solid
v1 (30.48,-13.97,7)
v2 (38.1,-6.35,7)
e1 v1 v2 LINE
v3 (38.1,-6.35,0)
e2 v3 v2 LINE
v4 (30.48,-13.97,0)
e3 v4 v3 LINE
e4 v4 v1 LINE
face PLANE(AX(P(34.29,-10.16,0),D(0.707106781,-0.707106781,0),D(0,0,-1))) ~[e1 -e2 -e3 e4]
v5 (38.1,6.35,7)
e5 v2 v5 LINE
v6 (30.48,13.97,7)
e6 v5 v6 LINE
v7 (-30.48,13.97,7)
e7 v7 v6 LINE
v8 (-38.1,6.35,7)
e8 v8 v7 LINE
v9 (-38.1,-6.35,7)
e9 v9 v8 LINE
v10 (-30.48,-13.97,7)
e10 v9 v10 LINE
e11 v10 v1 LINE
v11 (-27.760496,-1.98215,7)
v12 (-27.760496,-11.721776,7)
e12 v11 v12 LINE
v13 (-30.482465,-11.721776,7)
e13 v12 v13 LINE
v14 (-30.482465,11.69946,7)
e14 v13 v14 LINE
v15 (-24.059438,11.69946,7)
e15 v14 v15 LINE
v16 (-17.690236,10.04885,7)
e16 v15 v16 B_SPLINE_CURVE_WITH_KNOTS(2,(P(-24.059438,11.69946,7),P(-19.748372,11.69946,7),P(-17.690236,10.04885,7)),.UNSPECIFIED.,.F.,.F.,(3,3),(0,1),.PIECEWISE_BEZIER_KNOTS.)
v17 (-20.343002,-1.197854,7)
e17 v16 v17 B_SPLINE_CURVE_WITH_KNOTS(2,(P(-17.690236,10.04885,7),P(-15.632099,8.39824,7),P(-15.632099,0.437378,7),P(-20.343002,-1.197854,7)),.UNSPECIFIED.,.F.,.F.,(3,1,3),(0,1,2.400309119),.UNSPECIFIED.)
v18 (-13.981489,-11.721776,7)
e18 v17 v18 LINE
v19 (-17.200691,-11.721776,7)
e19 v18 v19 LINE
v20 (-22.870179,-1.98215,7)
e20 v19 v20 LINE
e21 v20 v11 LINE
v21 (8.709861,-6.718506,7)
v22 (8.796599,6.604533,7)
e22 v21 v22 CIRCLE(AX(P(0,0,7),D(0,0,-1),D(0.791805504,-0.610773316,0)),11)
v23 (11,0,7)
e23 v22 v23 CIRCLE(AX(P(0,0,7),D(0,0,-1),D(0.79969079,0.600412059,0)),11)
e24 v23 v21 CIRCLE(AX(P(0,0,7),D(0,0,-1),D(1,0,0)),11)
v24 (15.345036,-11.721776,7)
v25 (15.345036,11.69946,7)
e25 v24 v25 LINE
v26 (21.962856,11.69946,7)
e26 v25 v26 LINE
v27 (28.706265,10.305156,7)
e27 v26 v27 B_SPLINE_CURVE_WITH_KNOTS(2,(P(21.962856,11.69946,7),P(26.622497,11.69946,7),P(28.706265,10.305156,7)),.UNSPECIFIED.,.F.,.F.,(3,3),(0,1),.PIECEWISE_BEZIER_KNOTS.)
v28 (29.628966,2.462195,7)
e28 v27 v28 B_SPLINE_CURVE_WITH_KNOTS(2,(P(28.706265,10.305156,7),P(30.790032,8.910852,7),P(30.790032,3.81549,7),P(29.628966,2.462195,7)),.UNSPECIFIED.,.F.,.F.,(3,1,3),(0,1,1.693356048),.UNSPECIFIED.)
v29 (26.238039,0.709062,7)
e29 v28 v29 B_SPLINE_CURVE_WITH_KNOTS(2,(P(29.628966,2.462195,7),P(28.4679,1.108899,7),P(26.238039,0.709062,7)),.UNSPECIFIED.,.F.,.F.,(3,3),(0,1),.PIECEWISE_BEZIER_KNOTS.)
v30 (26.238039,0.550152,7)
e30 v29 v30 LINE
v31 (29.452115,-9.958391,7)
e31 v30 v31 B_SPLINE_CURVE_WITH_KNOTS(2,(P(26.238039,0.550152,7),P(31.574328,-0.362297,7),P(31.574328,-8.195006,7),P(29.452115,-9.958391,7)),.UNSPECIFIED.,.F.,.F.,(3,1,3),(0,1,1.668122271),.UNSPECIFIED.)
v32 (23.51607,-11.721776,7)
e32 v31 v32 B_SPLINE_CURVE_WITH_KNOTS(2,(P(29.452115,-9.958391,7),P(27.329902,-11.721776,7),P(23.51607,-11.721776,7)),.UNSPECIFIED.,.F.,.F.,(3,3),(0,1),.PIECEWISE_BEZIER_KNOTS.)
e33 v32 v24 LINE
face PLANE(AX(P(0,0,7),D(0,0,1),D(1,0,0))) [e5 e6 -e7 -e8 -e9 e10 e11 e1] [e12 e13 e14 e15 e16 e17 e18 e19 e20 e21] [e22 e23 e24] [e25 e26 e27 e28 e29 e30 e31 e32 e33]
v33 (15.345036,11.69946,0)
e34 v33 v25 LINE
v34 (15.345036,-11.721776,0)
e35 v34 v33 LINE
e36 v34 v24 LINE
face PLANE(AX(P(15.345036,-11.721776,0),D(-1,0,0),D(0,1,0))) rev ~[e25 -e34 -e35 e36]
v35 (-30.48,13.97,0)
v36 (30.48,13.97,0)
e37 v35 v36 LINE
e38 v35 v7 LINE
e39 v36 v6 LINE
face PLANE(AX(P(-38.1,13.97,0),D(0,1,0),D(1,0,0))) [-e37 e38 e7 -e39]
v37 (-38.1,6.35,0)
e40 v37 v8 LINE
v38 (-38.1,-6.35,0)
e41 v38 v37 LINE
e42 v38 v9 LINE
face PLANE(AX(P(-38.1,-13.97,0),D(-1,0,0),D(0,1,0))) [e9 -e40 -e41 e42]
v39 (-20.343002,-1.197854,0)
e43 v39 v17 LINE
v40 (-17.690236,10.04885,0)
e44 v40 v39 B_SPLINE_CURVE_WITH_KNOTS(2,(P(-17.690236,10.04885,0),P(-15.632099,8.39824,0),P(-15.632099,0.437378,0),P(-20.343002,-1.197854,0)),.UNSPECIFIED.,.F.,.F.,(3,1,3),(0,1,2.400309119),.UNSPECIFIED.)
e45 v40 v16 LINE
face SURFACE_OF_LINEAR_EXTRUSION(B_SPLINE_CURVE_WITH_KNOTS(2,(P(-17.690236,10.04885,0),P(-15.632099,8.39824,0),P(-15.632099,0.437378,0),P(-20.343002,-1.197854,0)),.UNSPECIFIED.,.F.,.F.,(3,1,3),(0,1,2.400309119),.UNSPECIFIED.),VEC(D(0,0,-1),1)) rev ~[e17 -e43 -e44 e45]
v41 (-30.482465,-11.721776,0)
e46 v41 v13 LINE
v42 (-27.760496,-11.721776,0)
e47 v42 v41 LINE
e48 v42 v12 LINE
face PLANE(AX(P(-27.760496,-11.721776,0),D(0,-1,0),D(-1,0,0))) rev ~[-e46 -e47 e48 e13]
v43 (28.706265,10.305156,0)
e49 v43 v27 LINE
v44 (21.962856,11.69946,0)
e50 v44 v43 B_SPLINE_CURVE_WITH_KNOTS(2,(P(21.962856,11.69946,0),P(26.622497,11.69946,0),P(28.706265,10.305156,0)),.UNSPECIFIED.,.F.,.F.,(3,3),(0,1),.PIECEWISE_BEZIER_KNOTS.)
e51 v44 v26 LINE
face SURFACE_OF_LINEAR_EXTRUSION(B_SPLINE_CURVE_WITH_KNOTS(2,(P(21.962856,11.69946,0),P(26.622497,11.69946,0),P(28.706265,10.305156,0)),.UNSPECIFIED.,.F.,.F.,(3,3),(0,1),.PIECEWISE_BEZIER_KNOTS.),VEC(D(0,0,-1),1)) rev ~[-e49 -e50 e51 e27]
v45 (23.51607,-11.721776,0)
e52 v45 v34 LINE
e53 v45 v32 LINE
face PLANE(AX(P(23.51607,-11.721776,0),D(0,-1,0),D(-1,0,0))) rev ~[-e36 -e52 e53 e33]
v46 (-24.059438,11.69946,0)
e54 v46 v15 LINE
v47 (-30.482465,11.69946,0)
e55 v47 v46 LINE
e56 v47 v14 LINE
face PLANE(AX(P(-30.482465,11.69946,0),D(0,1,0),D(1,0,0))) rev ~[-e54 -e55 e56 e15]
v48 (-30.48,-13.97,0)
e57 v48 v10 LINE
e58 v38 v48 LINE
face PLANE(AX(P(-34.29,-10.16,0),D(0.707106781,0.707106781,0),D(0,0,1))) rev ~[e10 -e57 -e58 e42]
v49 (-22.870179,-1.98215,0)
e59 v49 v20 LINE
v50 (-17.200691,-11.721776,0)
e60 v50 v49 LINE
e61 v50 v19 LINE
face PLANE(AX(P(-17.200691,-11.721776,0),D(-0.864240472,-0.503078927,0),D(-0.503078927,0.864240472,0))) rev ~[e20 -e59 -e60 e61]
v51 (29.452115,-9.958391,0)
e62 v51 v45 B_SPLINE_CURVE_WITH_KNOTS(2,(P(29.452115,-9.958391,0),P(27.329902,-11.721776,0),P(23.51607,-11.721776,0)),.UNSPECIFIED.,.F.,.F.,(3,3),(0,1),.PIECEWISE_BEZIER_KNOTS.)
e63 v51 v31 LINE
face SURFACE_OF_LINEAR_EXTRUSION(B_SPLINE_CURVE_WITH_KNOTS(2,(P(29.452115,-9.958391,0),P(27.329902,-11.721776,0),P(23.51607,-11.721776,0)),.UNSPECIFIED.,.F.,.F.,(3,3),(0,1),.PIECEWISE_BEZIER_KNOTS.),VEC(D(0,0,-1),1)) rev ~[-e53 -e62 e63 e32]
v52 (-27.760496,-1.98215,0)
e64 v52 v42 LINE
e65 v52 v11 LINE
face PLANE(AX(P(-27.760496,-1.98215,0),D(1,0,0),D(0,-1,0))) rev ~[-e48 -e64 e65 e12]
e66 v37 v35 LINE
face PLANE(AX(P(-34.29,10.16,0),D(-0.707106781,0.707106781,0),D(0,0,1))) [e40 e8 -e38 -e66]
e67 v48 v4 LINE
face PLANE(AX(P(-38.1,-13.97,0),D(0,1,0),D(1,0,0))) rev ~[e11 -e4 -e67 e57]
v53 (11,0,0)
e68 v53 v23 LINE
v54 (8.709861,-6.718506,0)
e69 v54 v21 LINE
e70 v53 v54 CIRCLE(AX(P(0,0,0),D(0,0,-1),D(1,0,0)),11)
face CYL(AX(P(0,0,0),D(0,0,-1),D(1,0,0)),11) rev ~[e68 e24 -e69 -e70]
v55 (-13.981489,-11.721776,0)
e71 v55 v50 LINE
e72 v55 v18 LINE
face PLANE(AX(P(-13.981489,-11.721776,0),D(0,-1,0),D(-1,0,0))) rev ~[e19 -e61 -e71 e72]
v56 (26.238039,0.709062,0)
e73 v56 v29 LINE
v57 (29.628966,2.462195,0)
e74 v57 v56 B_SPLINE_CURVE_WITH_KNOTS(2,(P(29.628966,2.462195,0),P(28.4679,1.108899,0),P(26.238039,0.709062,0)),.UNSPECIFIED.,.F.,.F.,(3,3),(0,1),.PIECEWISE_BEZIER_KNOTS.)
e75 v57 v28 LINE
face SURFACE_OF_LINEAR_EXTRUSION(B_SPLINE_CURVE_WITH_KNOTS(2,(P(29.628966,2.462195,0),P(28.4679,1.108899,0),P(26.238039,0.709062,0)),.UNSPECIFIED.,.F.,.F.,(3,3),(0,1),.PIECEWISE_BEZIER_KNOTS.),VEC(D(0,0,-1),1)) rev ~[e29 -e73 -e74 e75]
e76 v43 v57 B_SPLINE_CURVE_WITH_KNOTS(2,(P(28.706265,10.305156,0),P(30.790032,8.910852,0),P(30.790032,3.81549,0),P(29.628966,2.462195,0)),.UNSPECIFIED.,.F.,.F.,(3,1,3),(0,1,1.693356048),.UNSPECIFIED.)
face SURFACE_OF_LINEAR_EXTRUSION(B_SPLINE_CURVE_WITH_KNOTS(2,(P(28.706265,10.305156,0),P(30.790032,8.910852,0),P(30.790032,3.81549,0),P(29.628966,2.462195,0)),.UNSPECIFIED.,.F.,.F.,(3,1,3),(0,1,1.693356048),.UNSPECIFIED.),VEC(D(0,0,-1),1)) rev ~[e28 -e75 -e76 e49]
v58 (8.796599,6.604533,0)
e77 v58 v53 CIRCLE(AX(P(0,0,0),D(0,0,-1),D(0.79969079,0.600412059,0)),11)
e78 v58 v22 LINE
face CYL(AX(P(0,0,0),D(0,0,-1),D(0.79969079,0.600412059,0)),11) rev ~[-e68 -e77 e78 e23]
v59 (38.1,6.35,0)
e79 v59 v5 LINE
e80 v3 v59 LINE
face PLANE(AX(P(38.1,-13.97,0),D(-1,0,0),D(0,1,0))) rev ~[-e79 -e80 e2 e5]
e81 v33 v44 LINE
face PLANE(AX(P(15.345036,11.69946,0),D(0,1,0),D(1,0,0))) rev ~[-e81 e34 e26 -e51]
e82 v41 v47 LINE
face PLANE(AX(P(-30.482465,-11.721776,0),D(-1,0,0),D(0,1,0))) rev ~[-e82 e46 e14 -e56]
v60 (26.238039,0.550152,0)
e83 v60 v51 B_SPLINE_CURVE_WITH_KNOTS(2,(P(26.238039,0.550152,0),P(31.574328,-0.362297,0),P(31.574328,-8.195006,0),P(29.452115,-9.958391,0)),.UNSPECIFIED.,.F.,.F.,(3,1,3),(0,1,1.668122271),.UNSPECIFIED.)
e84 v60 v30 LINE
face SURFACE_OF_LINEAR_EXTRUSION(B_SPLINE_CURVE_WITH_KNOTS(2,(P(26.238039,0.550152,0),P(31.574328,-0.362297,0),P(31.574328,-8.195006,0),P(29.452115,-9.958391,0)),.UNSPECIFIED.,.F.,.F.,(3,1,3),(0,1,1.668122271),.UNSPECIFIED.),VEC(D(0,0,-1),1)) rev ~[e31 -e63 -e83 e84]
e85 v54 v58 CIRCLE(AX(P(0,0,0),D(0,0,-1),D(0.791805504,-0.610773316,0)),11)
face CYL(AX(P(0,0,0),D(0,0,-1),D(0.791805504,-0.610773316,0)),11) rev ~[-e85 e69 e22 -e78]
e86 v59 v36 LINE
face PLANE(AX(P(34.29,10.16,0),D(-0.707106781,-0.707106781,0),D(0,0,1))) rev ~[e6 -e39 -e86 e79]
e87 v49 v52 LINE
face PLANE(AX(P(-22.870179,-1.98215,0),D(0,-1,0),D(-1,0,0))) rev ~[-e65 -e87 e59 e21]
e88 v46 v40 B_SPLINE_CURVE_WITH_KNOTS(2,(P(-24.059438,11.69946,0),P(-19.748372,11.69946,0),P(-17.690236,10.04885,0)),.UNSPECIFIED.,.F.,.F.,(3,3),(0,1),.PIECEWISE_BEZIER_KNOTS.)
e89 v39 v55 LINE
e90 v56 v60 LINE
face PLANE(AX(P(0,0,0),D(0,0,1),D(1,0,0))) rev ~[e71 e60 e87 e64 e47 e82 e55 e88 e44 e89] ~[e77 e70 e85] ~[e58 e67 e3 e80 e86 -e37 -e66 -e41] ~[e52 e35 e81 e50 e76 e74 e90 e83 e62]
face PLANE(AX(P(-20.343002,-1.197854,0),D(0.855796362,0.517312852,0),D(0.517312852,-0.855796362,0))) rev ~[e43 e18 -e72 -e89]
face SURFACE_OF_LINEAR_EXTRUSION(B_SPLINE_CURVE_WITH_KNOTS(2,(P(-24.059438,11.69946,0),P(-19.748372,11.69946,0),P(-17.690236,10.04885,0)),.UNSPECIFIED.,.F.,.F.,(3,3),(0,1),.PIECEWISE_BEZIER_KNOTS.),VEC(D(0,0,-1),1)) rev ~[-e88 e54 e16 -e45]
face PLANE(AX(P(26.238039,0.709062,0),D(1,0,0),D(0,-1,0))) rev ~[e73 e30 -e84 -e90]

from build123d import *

# Parameters (mm, degrees)
F0_W     = 76.2
F0_H     = 27.94
F1_DEPTH = 7
F2_SIZE  = 7.62


with BuildPart() as f1:
    # F0 (on Top) → F1 (new body)
    with BuildSketch(Plane.XY):
        Rectangle(F0_W, F0_H)
        with BuildLine():
            Line((-22.8701785602, -1.9821503455), (-27.7604957957, -1.9821503455))
            Line((-27.7604957957, -1.9821503455), (-27.7604957957, -11.721775867))
            Line((-27.7604957957, -11.721775867), (-30.4824648231, -11.721775867))
            Line((-30.4824648231, -11.721775867), (-30.4824648231, 11.6994604529))
            Line((-30.4824648231, 11.6994604529), (-24.0594380975, 11.6994604529))
            add(Edge.make_bspline(
                [(-24.0594380975, 11.6994604529), (-19.7483722746, 11.6994604529), (-17.6902356183, 10.0488502329)],
                knots=[0, 0, 0, 1, 1, 1], degree=2))
            add(Edge.make_bspline(
                [(-17.6902356183, 10.0488502329), (-15.6320989621, 8.398240013), (-15.6320989621, 5.0816412169)],
                knots=[0, 0, 0, 1, 1, 1], degree=2))
            add(Edge.make_bspline(
                [(-15.6320989621, 5.0816412169), (-15.6320989621, 0.4373776788), (-20.3430020433, -1.1978541851)],
                knots=[0, 0, 0, 1, 1, 1], degree=2))
            Line((-20.3430020433, -1.1978541851), (-13.9814887421, -11.721775867))
            Line((-13.9814887421, -11.721775867), (-17.2006912829, -11.721775867))
            Line((-17.2006912829, -11.721775867), (-22.8701785602, -1.9821503455))
        make_face(mode=Mode.SUBTRACT)
        with BuildLine():
            Line((15.3450363151, -11.721775867), (15.3450363151, 11.6994604529))
            Line((15.3450363151, 11.6994604529), (21.9628555511, 11.6994604529))
            add(Edge.make_bspline(
                [(21.9628555511, 11.6994604529), (26.6224974453, 11.6994604529), (28.706264695, 10.3051561677)],
                knots=[0, 0, 0, 1, 1, 1], degree=2))
            add(Edge.make_bspline(
                [(28.706264695, 10.3051561677), (30.7900319448, 8.9108518825), (30.7900319448, 5.9018202082)],
                knots=[0, 0, 0, 1, 1, 1], degree=2))
            add(Edge.make_bspline(
                [(30.7900319448, 5.9018202082), (30.7900319448, 3.8154898992), (29.6289660602, 2.4621945635)],
                knots=[0, 0, 0, 1, 1, 1], degree=2))
            add(Edge.make_bspline(
                [(29.6289660602, 2.4621945635), (28.4679001757, 1.1088992279), (26.2380385431, 0.7090619697)],
                knots=[0, 0, 0, 1, 1, 1], degree=2))
            Line((26.2380385431, 0.7090619697), (26.2380385431, 0.5501522901))
            add(Edge.make_bspline(
                [(26.2380385431, 0.5501522901), (31.5743281052, -0.3622968377), (31.5743281052, -5.0578215628)],
                knots=[0, 0, 0, 1, 1, 1], degree=2))
            add(Edge.make_bspline(
                [(31.5743281052, -5.0578215628), (31.5743281052, -8.1950062045), (29.4521149653, -9.9583910358)],
                knots=[0, 0, 0, 1, 1, 1], degree=2))
            add(Edge.make_bspline(
                [(29.4521149653, -9.9583910358), (27.3299018253, -11.721775867), (23.5160695158, -11.721775867)],
                knots=[0, 0, 0, 1, 1, 1], degree=2))
            Line((23.5160695158, -11.721775867), (15.3450363151, -11.721775867))
        make_face(mode=Mode.SUBTRACT)
        with BuildLine():
            ThreePointArc((8.7965986845, 6.6045326545), (10.4346199147, 3.4811933637), (11, 0))
            ThreePointArc((11, 0), (10.4117353498, -3.5490515643), (8.7098605443, -6.7185064783))
            add(Edge.make_bspline(
                [(8.7098605443, -6.7185064783), (8.1189739543, -7.8747447622), (7.281651607, -8.8229557447)],
                knots=[0.7056859188, 0.7056859188, 0.7056859188, 1, 1, 1], degree=2))
            add(Edge.make_bspline(
                [(7.281651607, -8.8229557447), (4.436655731, -12.0447213449), (-0.6228234215, -12.0447213449)],
                knots=[0, 0, 0, 1, 1, 1], degree=2))
            add(Edge.make_bspline(
                [(-0.6228234215, -12.0447213449), (-5.7950771853, -12.0447213449), (-8.6067532898, -8.8793430504)],
                knots=[0, 0, 0, 1, 1, 1], degree=2))
            add(Edge.make_bspline(
                [(-8.6067532898, -8.8793430504), (-11.4184293943, -5.7139647559), (-11.4184293943, 0.0529187766)],
                knots=[0, 0, 0, 1, 1, 1], degree=2))
            add(Edge.make_bspline(
                [(-11.4184293943, 0.0529187766), (-11.4184293943, 5.7736672408), (-8.5990641118, 8.9211041199)],
                knots=[0, 0, 0, 1, 1, 1], degree=2))
            add(Edge.make_bspline(
                [(-8.5990641118, 8.9211041199), (-5.7796988292, 12.068540999), (-0.5920667093, 12.068540999)],
                knots=[0, 0, 0, 1, 1, 1], degree=2))
            add(Edge.make_bspline(
                [(-0.5920667093, 12.068540999), (4.4571602058, 12.068540999), (7.2919038444, 8.8647168143)],
                knots=[0, 0, 0, 1, 1, 1], degree=2))
            add(Edge.make_bspline(
                [(7.2919038444, 8.8647168143), (8.1849092487, 7.8554430753), (8.7965986845, 6.6045326545)],
                knots=[0, 0, 0, 0.3150215745, 0.3150215745, 0.3150215745], degree=2))
        make_face(mode=Mode.SUBTRACT)
        with BuildLine():
            ThreePointArc((8.7098605443, -6.7185064783), (-10.9997668891, 0.0716127389), (8.7965986845, 6.6045326545))
            add(Edge.make_bspline(
                [(7.2919038444, 8.8647168143), (8.1849092487, 7.8554430753), (8.7965986845, 6.6045326545)],
                knots=[0, 0, 0, 0.3150215745, 0.3150215745, 0.3150215745], degree=2))
            add(Edge.make_bspline(
                [(-0.5920667093, 12.068540999), (4.4571602058, 12.068540999), (7.2919038444, 8.8647168143)],
                knots=[0, 0, 0, 1, 1, 1], degree=2))
            add(Edge.make_bspline(
                [(-8.5990641118, 8.9211041199), (-5.7796988292, 12.068540999), (-0.5920667093, 12.068540999)],
                knots=[0, 0, 0, 1, 1, 1], degree=2))
            add(Edge.make_bspline(
                [(-11.4184293943, 0.0529187766), (-11.4184293943, 5.7736672408), (-8.5990641118, 8.9211041199)],
                knots=[0, 0, 0, 1, 1, 1], degree=2))
            add(Edge.make_bspline(
                [(-8.6067532898, -8.8793430504), (-11.4184293943, -5.7139647559), (-11.4184293943, 0.0529187766)],
                knots=[0, 0, 0, 1, 1, 1], degree=2))
            add(Edge.make_bspline(
                [(-0.6228234215, -12.0447213449), (-5.7950771853, -12.0447213449), (-8.6067532898, -8.8793430504)],
                knots=[0, 0, 0, 1, 1, 1], degree=2))
            add(Edge.make_bspline(
                [(7.281651607, -8.8229557447), (4.436655731, -12.0447213449), (-0.6228234215, -12.0447213449)],
                knots=[0, 0, 0, 1, 1, 1], degree=2))
            add(Edge.make_bspline(
                [(8.7098605443, -6.7185064783), (8.1189739543, -7.8747447622), (7.281651607, -8.8229557447)],
                knots=[0.7056859188, 0.7056859188, 0.7056859188, 1, 1, 1], degree=2))
        make_face()
    extrude(amount=F1_DEPTH)

    # F2
    f2_edges = [f1.edges().sort_by_distance(p)[0] for p in [
        (-38.1, -13.97, 3.5),
        (-38.1, 13.97, 3.5),
        (38.1, -13.97, 3.5),
        (38.1, 13.97, 3.5),
    ]]
    chamfer(f2_edges, length=F2_SIZE)


solid = f1.part
